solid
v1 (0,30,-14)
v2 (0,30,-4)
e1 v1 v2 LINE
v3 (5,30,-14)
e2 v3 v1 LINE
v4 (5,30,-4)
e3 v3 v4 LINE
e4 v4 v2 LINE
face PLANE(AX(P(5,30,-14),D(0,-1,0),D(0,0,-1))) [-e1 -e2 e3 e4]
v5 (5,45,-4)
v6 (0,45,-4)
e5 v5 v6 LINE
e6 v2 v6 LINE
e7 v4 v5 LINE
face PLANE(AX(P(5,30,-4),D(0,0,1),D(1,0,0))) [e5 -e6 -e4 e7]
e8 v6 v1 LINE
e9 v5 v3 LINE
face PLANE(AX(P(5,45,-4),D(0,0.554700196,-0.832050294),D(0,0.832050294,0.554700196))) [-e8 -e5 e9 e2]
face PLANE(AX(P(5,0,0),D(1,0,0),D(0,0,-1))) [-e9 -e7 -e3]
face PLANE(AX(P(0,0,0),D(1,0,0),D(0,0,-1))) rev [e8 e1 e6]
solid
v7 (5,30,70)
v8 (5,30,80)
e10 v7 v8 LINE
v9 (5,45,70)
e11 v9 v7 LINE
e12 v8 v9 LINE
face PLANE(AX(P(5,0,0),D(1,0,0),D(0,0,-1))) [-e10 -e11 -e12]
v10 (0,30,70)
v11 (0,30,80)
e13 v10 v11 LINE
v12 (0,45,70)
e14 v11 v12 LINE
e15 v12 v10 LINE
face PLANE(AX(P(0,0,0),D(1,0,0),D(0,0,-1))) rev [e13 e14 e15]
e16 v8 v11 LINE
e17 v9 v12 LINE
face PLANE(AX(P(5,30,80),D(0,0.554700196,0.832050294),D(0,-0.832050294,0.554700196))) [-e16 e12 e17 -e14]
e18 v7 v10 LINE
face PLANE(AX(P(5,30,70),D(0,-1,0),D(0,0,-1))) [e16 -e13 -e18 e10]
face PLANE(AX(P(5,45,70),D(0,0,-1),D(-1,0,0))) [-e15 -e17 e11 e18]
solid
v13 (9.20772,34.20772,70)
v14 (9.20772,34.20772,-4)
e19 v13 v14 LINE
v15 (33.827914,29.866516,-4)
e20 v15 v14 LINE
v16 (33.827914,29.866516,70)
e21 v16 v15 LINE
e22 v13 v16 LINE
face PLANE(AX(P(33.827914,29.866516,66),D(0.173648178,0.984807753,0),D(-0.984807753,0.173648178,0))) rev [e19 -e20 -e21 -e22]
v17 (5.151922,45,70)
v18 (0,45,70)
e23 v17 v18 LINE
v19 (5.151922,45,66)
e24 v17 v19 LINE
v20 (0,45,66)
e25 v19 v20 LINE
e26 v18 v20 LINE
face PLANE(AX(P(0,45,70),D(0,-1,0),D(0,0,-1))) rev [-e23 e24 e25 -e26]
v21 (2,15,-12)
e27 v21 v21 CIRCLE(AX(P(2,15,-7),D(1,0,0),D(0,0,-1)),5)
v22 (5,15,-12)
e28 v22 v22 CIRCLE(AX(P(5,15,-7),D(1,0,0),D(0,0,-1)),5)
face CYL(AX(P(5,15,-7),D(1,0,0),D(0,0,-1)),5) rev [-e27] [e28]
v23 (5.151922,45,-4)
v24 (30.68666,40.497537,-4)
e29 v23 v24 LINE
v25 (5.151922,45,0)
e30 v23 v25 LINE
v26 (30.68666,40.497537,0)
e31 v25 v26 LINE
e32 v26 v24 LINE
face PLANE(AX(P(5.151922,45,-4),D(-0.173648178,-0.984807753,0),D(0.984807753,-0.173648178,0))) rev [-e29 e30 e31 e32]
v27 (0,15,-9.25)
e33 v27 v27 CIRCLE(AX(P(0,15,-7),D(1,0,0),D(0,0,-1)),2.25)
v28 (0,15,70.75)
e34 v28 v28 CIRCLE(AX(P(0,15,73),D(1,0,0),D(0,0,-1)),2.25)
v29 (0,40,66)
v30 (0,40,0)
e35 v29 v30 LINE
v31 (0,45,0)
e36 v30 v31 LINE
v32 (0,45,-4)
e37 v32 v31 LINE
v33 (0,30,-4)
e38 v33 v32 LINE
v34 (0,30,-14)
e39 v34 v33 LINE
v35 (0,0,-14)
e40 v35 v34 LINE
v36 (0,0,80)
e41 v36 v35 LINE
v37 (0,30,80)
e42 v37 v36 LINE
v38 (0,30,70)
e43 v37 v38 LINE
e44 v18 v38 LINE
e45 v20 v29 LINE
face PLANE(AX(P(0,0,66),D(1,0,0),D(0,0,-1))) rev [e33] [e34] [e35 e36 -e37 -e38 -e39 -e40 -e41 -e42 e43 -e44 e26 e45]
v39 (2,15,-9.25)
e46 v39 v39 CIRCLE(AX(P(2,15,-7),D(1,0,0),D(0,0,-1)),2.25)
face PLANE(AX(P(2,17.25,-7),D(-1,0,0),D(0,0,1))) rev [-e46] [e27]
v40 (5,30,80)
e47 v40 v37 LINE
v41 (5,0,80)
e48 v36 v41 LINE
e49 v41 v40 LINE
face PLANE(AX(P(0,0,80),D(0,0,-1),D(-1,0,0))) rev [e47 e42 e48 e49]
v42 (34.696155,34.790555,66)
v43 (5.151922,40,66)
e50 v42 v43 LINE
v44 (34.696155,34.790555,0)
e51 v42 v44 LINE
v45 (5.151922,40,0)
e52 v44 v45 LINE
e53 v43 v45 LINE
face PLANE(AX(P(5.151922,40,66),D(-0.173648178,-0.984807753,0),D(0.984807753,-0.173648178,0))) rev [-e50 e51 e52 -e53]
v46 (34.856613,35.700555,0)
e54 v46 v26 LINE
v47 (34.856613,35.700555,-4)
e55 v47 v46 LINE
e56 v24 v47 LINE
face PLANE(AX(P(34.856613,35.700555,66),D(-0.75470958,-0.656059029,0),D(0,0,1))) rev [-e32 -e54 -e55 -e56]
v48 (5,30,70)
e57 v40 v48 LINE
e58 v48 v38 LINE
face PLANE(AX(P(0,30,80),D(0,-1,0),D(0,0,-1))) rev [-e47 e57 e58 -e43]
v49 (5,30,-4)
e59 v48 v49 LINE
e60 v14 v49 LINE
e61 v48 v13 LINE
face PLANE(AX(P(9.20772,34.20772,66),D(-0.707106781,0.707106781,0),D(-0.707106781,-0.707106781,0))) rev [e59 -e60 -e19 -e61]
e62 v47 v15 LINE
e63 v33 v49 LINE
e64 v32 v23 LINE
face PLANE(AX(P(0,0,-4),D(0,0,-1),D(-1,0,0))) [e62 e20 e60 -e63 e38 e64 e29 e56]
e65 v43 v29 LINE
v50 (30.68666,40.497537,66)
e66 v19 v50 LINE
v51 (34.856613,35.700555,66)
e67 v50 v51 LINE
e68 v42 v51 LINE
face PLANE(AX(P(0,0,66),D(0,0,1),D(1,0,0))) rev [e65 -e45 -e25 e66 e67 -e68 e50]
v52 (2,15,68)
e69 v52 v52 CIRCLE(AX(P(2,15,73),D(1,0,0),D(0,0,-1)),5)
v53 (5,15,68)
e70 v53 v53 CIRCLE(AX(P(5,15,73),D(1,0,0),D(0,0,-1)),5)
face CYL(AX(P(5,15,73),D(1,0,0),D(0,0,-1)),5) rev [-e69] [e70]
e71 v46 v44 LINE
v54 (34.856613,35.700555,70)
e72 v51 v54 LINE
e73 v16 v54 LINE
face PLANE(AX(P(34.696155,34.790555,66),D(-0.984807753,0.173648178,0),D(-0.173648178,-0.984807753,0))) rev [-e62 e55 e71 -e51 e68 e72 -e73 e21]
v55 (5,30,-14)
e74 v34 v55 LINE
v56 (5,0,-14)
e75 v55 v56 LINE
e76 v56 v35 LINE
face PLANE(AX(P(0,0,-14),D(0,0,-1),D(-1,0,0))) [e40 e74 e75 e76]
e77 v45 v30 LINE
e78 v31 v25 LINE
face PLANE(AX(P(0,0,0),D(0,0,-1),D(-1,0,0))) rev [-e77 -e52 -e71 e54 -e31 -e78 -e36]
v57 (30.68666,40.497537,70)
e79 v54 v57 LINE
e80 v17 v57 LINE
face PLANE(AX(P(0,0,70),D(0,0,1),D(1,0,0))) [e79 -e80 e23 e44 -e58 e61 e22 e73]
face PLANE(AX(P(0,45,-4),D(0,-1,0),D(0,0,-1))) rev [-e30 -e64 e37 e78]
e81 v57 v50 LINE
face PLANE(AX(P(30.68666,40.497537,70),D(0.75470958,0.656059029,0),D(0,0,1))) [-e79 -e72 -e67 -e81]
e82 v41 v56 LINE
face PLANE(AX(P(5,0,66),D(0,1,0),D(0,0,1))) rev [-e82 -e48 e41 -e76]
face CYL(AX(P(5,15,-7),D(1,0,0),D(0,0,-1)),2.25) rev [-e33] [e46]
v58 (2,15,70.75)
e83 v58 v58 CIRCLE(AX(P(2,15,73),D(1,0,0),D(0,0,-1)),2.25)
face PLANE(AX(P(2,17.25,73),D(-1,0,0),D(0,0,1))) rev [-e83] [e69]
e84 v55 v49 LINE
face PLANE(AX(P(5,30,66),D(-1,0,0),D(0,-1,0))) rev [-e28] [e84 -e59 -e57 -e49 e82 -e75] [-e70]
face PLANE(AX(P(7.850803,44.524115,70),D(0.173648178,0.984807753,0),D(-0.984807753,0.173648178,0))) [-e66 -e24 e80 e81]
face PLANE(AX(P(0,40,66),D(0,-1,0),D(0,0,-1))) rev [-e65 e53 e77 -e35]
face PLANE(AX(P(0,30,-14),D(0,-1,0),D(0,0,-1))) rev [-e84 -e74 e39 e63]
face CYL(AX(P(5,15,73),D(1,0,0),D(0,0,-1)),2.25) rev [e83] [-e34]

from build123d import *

# Parameters (mm, degrees)
ESTRUSIONE_ESTRUSIONE1_DEPTH                         = 66
ESTRUSIONE_ESTRUSIONE2_DEPTH                         = 4
ESTRUSIONE_ESTRUSIONE3_DEPTH                         = 4
ESTRUSIONE_ESTRUSIONE4_DEPTH                         = 10
ESTRUSIONE_ESTRUSIONE5_DEPTH                         = 10
FORO_LAMATO_PER_VITE_M4_A_TESTA_CILINDRI_D           = 4.5
FORO_LAMATO_PER_VITE_M4_A_TESTA_CILINDRI_DEPTH       = 45
FORO_LAMATO_PER_VITE_M4_A_TESTA_CILINDRI_CBORE_D     = 10
FORO_LAMATO_PER_VITE_M4_A_TESTA_CILINDRI_CBORE_DEPTH = 3
FORO_LAMATO_PER_VITE_M4_A_TESTA_CILINDRI_TIP         = 1.3519363928120107
ESTRUSIONE_ESTRUSIONE6_DEPTH                         = 5
ESTRUSIONE_ESTRUSIONE6_2_DEPTH                       = 5
SMUSSO2_SIZE                                         = 4
SMUSSO2_SIZE2                                        = 4.93958862614021
SMUSSO3_SIZE                                         = 4
SMUSSO3_SIZE2                                        = 4.939588626140206


with BuildPart() as part:
    # Schizzo1 → Estrusione-Estrusione1 (new body)
    with BuildSketch(Plane.XY):
        Polygon((0, 0), (0, 40), (5.15192246987794, 40), (34.69615506024418, 34.790554669992055), (33.82791417190951, 29.86651590493102), (9.207720346604313, 34.2077203466043), (4.9999999999999964, 30), (5, 0), align=None)
    extrude(amount=ESTRUSIONE_ESTRUSIONE1_DEPTH)

    # Schizzo3 → Estrusione-Estrusione2 (add)
    with BuildSketch(Plane.XY.offset(66)):
        Polygon((0, 40), (0, 0), (5, 0), (4.9999999999999964, 30), (9.207720346604313, 34.2077203466043), (33.82791417190951, 29.86651590493102), (34.69615506024418, 34.790554669992055), (5.15192246987794, 40), align=None)
        Polygon((-1.2e-16, 45), (-1.1e-16, 40), (5.15192246987794, 40), (34.69615506024418, 34.790554669992055), (35.55120541855835, 39.63978622195683), (5.15192246987794, 45), align=None)
    extrude(amount=ESTRUSIONE_ESTRUSIONE2_DEPTH)

    # Schizzo4 → Estrusione-Estrusione3 (add)
    with BuildSketch(Plane(origin=(0, 0, 0), x_dir=(-1, 0, 0), z_dir=(0, 0, -1))):
        Polygon((-5, 0), (0, 0), (1.2e-16, 45), (-5.15192246987794, 45), (-35.55120541855835, 39.63978622195684), (-33.82791417190951, 29.86651590493102), (-9.207720346604313, 34.2077203466043), (-4.9999999999999964, 30), align=None)
    extrude(amount=ESTRUSIONE_ESTRUSIONE3_DEPTH)

    # Schizzo5 → Estrusione-Estrusione4 (add)
    with BuildSketch(Plane(origin=(0, 0, -4), x_dir=(-1, 0, 0), z_dir=(0, 0, -1))):
        Polygon((-5, 0), (0, 0), (0, 30), (-4.9999999999999964, 30), align=None)
    extrude(amount=ESTRUSIONE_ESTRUSIONE4_DEPTH)

    # Schizzo6 → Estrusione-Estrusione5 (add)
    with BuildSketch(Plane.XY.offset(70)):
        Polygon((0, 0), (0, 30.000000000000004), (4.999999999999994, 30.000000000000004), (5, 0), align=None)
    extrude(amount=ESTRUSIONE_ESTRUSIONE5_DEPTH)

    # Foro lamato per Vite M4 a testa cilindrica piana-2
    with Locations(Plane(origin=(5, 5.8e-16, 0), x_dir=(0, 0, -1), z_dir=(1, 1.2e-16, 0))):
        with Locations((-73, 15), (7, 15)):
            CounterBoreHole(FORO_LAMATO_PER_VITE_M4_A_TESTA_CILINDRI_D / 2, FORO_LAMATO_PER_VITE_M4_A_TESTA_CILINDRI_CBORE_D / 2, FORO_LAMATO_PER_VITE_M4_A_TESTA_CILINDRI_CBORE_DEPTH, depth=FORO_LAMATO_PER_VITE_M4_A_TESTA_CILINDRI_DEPTH)
            with Locations((0, 0, -(FORO_LAMATO_PER_VITE_M4_A_TESTA_CILINDRI_DEPTH + FORO_LAMATO_PER_VITE_M4_A_TESTA_CILINDRI_TIP / 2))):  # 118° drill point
                Cone(0, FORO_LAMATO_PER_VITE_M4_A_TESTA_CILINDRI_D / 2, FORO_LAMATO_PER_VITE_M4_A_TESTA_CILINDRI_TIP, mode=Mode.SUBTRACT)

    # Smusso2
    smusso2_edges = [part.edges().sort_by_distance(p)[0] for p in [
        (35.55120541855835, 39.63978622195683, 68),
    ]]
    smusso2_side = [part.faces().sort_by_distance(p)[0] for p in [
        (34.344943382970804, 32.79873426983414, 33),
    ]]
    chamfer(smusso2_edges, length=SMUSSO2_SIZE, length2=SMUSSO2_SIZE2, reference=smusso2_side[0])

    # Smusso3
    smusso3_edges = [part.edges().sort_by_distance(p)[0] for p in [
        (35.55120541855835, 39.63978622195684, -2),
    ]]
    smusso3_side = [part.faces().sort_by_distance(p)[0] for p in [
        (34.310007644445946, 32.6006038510832, 31.57648462973645),
    ]]
    chamfer(smusso3_edges, length=SMUSSO3_SIZE, length2=SMUSSO3_SIZE2, reference=smusso3_side[0])


with BuildPart() as body_2:
    # Schizzo9 → Estrusione-Estrusione6 (new body)
    with BuildSketch(Plane.ZY):
        Polygon((-4, 45), (-14, 30), (-4, 29.999999999999993), align=None)
    extrude(amount=-ESTRUSIONE_ESTRUSIONE6_DEPTH)


with BuildPart() as body_3:
    # Schizzo9 → Estrusione-Estrusione6 2 (new body)
    with BuildSketch(Plane.ZY):
        Polygon((70, 45), (70, 30.000000000000004), (80, 30.000000000000004), align=None)
    extrude(amount=-ESTRUSIONE_ESTRUSIONE6_2_DEPTH)


solid = Compound([part.part, body_2.part, body_3.part])
